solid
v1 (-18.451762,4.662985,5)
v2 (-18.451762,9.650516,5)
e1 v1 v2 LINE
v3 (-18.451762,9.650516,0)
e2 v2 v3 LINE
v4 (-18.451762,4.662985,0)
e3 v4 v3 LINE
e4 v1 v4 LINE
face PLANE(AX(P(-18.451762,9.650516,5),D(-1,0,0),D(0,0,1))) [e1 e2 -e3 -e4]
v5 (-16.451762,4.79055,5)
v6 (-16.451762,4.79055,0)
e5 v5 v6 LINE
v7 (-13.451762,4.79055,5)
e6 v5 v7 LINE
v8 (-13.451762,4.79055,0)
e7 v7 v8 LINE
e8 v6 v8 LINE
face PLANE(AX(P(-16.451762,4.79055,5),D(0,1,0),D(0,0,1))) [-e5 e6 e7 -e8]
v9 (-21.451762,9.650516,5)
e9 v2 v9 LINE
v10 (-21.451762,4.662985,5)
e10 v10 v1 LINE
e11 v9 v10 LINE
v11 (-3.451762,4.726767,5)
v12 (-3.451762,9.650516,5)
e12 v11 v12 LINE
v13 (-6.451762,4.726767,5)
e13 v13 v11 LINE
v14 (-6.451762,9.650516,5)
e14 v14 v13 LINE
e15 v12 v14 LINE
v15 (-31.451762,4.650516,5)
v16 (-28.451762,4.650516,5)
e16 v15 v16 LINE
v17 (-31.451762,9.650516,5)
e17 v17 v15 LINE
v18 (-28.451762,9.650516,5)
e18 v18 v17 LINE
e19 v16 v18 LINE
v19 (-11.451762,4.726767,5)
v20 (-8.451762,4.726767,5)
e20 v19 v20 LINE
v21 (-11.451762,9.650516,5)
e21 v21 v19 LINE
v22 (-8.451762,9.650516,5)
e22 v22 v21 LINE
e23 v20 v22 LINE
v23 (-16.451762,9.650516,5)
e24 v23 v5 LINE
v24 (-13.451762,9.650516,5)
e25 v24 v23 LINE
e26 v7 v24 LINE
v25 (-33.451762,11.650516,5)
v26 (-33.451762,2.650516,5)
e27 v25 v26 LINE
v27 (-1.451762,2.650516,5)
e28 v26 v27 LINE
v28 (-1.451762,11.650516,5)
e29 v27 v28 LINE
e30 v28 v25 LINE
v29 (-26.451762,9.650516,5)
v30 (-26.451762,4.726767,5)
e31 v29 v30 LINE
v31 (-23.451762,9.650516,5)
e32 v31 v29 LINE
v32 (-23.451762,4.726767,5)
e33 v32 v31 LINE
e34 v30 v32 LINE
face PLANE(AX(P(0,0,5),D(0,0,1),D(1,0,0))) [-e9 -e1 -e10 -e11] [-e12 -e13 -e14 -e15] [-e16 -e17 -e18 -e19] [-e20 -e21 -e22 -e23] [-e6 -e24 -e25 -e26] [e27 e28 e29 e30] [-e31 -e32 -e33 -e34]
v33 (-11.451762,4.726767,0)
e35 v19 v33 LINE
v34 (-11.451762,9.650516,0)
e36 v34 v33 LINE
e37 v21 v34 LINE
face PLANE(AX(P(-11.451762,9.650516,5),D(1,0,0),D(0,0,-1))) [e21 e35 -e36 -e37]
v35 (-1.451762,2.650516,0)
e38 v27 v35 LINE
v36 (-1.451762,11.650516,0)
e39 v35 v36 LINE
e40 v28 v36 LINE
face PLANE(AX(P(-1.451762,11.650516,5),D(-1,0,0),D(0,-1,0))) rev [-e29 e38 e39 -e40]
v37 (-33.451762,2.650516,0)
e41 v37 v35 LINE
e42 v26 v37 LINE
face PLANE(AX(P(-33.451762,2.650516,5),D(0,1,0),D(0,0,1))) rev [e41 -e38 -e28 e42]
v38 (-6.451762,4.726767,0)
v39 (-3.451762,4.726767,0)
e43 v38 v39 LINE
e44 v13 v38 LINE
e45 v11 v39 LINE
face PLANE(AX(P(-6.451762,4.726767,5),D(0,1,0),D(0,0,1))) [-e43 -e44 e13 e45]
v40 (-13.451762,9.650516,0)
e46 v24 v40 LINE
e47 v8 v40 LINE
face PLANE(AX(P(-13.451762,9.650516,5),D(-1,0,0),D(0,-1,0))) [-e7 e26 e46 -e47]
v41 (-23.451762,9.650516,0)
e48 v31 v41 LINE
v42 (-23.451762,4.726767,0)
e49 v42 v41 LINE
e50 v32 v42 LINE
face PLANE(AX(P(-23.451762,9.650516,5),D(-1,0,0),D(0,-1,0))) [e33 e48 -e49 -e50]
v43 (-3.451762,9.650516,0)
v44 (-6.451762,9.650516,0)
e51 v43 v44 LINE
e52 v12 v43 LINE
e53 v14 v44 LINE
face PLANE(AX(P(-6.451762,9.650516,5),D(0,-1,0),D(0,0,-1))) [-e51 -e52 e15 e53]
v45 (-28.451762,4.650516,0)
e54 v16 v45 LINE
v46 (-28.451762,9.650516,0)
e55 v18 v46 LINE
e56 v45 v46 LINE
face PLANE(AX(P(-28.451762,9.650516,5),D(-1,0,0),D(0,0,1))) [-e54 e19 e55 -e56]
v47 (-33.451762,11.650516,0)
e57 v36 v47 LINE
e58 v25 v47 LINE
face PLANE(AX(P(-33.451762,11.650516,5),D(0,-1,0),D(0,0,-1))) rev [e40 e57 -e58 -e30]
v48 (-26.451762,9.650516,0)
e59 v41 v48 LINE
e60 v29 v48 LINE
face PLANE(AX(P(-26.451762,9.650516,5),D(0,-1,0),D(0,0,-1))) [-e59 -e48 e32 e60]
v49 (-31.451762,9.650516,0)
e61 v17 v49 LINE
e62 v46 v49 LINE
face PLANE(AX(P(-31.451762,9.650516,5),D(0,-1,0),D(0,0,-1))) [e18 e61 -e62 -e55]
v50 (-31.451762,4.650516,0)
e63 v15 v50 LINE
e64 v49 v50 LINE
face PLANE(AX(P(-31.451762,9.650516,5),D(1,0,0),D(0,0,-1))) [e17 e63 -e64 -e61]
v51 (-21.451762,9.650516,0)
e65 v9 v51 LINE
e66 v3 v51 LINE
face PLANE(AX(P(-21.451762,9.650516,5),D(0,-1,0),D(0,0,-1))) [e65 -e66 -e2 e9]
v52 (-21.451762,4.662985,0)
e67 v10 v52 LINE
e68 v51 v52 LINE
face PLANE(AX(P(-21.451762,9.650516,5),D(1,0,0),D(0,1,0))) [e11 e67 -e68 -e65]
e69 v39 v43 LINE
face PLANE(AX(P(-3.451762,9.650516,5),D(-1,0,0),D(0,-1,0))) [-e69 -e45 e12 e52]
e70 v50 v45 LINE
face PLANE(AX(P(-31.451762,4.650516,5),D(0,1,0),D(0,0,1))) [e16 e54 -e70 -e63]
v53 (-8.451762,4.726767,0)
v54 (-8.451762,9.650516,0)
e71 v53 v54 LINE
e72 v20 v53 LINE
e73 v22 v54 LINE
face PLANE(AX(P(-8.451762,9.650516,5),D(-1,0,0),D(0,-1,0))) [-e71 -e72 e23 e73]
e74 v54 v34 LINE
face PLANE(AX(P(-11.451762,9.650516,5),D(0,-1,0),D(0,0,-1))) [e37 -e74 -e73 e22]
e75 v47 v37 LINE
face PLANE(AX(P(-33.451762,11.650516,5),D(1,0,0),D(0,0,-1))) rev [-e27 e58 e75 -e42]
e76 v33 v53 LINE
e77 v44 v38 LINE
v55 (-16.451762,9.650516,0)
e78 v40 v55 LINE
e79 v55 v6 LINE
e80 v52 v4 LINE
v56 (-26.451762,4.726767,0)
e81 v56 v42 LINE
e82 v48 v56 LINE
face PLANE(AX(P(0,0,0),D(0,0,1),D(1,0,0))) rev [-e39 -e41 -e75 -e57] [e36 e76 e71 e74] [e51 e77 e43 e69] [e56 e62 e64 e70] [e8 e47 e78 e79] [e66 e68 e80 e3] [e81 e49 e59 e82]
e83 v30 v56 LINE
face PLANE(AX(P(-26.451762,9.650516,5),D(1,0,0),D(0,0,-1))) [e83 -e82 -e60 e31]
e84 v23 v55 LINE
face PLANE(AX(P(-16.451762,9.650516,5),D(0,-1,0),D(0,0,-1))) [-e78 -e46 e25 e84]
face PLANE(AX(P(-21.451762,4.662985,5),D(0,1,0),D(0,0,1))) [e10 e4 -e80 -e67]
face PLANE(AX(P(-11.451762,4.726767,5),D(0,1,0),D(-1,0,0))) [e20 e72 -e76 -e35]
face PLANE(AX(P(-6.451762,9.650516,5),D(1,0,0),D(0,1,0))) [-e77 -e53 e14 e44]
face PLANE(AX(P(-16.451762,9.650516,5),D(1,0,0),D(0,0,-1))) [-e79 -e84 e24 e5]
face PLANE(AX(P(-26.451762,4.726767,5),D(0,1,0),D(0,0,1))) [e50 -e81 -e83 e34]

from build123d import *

# Parameters (mm, degrees)
SKETCH3_W           = 32
SKETCH3_H           = 9
SKETCH3_W_2         = 3
SKETCH3_H_2         = 4.92374822
SKETCH3_H_3         = 5
SKETCH3_H_4         = 4.987531068
SKETCH3_H_5         = 4.859965372
BOSS_EXTRUDE1_DEPTH = 5


with BuildPart() as part:
    # Sketch3 → Boss-Extrude1 (new body)
    with BuildSketch(Plane.XY):
        with Locations((-17.451761754, 7.150515716)):
            Rectangle(SKETCH3_W, SKETCH3_H)
        with Locations((-24.951761754, 7.188641606)):
            Rectangle(SKETCH3_W_2, SKETCH3_H_2, mode=Mode.SUBTRACT)
        with Locations((-29.951761754, 7.150515716)):
            Rectangle(SKETCH3_W_2, SKETCH3_H_3, mode=Mode.SUBTRACT)
        with Locations((-19.951761754, 7.156750182)):
            Rectangle(SKETCH3_W_2, SKETCH3_H_4, mode=Mode.SUBTRACT)
        with Locations((-14.951761754, 7.22053303)):
            Rectangle(SKETCH3_W_2, SKETCH3_H_5, mode=Mode.SUBTRACT)
        with Locations((-9.951761754, 7.188641606)):
            Rectangle(SKETCH3_W_2, SKETCH3_H_2, mode=Mode.SUBTRACT)
        with Locations((-4.951761754, 7.188641606)):
            Rectangle(SKETCH3_W_2, SKETCH3_H_2, mode=Mode.SUBTRACT)
    extrude(amount=BOSS_EXTRUDE1_DEPTH)


solid = part.part
